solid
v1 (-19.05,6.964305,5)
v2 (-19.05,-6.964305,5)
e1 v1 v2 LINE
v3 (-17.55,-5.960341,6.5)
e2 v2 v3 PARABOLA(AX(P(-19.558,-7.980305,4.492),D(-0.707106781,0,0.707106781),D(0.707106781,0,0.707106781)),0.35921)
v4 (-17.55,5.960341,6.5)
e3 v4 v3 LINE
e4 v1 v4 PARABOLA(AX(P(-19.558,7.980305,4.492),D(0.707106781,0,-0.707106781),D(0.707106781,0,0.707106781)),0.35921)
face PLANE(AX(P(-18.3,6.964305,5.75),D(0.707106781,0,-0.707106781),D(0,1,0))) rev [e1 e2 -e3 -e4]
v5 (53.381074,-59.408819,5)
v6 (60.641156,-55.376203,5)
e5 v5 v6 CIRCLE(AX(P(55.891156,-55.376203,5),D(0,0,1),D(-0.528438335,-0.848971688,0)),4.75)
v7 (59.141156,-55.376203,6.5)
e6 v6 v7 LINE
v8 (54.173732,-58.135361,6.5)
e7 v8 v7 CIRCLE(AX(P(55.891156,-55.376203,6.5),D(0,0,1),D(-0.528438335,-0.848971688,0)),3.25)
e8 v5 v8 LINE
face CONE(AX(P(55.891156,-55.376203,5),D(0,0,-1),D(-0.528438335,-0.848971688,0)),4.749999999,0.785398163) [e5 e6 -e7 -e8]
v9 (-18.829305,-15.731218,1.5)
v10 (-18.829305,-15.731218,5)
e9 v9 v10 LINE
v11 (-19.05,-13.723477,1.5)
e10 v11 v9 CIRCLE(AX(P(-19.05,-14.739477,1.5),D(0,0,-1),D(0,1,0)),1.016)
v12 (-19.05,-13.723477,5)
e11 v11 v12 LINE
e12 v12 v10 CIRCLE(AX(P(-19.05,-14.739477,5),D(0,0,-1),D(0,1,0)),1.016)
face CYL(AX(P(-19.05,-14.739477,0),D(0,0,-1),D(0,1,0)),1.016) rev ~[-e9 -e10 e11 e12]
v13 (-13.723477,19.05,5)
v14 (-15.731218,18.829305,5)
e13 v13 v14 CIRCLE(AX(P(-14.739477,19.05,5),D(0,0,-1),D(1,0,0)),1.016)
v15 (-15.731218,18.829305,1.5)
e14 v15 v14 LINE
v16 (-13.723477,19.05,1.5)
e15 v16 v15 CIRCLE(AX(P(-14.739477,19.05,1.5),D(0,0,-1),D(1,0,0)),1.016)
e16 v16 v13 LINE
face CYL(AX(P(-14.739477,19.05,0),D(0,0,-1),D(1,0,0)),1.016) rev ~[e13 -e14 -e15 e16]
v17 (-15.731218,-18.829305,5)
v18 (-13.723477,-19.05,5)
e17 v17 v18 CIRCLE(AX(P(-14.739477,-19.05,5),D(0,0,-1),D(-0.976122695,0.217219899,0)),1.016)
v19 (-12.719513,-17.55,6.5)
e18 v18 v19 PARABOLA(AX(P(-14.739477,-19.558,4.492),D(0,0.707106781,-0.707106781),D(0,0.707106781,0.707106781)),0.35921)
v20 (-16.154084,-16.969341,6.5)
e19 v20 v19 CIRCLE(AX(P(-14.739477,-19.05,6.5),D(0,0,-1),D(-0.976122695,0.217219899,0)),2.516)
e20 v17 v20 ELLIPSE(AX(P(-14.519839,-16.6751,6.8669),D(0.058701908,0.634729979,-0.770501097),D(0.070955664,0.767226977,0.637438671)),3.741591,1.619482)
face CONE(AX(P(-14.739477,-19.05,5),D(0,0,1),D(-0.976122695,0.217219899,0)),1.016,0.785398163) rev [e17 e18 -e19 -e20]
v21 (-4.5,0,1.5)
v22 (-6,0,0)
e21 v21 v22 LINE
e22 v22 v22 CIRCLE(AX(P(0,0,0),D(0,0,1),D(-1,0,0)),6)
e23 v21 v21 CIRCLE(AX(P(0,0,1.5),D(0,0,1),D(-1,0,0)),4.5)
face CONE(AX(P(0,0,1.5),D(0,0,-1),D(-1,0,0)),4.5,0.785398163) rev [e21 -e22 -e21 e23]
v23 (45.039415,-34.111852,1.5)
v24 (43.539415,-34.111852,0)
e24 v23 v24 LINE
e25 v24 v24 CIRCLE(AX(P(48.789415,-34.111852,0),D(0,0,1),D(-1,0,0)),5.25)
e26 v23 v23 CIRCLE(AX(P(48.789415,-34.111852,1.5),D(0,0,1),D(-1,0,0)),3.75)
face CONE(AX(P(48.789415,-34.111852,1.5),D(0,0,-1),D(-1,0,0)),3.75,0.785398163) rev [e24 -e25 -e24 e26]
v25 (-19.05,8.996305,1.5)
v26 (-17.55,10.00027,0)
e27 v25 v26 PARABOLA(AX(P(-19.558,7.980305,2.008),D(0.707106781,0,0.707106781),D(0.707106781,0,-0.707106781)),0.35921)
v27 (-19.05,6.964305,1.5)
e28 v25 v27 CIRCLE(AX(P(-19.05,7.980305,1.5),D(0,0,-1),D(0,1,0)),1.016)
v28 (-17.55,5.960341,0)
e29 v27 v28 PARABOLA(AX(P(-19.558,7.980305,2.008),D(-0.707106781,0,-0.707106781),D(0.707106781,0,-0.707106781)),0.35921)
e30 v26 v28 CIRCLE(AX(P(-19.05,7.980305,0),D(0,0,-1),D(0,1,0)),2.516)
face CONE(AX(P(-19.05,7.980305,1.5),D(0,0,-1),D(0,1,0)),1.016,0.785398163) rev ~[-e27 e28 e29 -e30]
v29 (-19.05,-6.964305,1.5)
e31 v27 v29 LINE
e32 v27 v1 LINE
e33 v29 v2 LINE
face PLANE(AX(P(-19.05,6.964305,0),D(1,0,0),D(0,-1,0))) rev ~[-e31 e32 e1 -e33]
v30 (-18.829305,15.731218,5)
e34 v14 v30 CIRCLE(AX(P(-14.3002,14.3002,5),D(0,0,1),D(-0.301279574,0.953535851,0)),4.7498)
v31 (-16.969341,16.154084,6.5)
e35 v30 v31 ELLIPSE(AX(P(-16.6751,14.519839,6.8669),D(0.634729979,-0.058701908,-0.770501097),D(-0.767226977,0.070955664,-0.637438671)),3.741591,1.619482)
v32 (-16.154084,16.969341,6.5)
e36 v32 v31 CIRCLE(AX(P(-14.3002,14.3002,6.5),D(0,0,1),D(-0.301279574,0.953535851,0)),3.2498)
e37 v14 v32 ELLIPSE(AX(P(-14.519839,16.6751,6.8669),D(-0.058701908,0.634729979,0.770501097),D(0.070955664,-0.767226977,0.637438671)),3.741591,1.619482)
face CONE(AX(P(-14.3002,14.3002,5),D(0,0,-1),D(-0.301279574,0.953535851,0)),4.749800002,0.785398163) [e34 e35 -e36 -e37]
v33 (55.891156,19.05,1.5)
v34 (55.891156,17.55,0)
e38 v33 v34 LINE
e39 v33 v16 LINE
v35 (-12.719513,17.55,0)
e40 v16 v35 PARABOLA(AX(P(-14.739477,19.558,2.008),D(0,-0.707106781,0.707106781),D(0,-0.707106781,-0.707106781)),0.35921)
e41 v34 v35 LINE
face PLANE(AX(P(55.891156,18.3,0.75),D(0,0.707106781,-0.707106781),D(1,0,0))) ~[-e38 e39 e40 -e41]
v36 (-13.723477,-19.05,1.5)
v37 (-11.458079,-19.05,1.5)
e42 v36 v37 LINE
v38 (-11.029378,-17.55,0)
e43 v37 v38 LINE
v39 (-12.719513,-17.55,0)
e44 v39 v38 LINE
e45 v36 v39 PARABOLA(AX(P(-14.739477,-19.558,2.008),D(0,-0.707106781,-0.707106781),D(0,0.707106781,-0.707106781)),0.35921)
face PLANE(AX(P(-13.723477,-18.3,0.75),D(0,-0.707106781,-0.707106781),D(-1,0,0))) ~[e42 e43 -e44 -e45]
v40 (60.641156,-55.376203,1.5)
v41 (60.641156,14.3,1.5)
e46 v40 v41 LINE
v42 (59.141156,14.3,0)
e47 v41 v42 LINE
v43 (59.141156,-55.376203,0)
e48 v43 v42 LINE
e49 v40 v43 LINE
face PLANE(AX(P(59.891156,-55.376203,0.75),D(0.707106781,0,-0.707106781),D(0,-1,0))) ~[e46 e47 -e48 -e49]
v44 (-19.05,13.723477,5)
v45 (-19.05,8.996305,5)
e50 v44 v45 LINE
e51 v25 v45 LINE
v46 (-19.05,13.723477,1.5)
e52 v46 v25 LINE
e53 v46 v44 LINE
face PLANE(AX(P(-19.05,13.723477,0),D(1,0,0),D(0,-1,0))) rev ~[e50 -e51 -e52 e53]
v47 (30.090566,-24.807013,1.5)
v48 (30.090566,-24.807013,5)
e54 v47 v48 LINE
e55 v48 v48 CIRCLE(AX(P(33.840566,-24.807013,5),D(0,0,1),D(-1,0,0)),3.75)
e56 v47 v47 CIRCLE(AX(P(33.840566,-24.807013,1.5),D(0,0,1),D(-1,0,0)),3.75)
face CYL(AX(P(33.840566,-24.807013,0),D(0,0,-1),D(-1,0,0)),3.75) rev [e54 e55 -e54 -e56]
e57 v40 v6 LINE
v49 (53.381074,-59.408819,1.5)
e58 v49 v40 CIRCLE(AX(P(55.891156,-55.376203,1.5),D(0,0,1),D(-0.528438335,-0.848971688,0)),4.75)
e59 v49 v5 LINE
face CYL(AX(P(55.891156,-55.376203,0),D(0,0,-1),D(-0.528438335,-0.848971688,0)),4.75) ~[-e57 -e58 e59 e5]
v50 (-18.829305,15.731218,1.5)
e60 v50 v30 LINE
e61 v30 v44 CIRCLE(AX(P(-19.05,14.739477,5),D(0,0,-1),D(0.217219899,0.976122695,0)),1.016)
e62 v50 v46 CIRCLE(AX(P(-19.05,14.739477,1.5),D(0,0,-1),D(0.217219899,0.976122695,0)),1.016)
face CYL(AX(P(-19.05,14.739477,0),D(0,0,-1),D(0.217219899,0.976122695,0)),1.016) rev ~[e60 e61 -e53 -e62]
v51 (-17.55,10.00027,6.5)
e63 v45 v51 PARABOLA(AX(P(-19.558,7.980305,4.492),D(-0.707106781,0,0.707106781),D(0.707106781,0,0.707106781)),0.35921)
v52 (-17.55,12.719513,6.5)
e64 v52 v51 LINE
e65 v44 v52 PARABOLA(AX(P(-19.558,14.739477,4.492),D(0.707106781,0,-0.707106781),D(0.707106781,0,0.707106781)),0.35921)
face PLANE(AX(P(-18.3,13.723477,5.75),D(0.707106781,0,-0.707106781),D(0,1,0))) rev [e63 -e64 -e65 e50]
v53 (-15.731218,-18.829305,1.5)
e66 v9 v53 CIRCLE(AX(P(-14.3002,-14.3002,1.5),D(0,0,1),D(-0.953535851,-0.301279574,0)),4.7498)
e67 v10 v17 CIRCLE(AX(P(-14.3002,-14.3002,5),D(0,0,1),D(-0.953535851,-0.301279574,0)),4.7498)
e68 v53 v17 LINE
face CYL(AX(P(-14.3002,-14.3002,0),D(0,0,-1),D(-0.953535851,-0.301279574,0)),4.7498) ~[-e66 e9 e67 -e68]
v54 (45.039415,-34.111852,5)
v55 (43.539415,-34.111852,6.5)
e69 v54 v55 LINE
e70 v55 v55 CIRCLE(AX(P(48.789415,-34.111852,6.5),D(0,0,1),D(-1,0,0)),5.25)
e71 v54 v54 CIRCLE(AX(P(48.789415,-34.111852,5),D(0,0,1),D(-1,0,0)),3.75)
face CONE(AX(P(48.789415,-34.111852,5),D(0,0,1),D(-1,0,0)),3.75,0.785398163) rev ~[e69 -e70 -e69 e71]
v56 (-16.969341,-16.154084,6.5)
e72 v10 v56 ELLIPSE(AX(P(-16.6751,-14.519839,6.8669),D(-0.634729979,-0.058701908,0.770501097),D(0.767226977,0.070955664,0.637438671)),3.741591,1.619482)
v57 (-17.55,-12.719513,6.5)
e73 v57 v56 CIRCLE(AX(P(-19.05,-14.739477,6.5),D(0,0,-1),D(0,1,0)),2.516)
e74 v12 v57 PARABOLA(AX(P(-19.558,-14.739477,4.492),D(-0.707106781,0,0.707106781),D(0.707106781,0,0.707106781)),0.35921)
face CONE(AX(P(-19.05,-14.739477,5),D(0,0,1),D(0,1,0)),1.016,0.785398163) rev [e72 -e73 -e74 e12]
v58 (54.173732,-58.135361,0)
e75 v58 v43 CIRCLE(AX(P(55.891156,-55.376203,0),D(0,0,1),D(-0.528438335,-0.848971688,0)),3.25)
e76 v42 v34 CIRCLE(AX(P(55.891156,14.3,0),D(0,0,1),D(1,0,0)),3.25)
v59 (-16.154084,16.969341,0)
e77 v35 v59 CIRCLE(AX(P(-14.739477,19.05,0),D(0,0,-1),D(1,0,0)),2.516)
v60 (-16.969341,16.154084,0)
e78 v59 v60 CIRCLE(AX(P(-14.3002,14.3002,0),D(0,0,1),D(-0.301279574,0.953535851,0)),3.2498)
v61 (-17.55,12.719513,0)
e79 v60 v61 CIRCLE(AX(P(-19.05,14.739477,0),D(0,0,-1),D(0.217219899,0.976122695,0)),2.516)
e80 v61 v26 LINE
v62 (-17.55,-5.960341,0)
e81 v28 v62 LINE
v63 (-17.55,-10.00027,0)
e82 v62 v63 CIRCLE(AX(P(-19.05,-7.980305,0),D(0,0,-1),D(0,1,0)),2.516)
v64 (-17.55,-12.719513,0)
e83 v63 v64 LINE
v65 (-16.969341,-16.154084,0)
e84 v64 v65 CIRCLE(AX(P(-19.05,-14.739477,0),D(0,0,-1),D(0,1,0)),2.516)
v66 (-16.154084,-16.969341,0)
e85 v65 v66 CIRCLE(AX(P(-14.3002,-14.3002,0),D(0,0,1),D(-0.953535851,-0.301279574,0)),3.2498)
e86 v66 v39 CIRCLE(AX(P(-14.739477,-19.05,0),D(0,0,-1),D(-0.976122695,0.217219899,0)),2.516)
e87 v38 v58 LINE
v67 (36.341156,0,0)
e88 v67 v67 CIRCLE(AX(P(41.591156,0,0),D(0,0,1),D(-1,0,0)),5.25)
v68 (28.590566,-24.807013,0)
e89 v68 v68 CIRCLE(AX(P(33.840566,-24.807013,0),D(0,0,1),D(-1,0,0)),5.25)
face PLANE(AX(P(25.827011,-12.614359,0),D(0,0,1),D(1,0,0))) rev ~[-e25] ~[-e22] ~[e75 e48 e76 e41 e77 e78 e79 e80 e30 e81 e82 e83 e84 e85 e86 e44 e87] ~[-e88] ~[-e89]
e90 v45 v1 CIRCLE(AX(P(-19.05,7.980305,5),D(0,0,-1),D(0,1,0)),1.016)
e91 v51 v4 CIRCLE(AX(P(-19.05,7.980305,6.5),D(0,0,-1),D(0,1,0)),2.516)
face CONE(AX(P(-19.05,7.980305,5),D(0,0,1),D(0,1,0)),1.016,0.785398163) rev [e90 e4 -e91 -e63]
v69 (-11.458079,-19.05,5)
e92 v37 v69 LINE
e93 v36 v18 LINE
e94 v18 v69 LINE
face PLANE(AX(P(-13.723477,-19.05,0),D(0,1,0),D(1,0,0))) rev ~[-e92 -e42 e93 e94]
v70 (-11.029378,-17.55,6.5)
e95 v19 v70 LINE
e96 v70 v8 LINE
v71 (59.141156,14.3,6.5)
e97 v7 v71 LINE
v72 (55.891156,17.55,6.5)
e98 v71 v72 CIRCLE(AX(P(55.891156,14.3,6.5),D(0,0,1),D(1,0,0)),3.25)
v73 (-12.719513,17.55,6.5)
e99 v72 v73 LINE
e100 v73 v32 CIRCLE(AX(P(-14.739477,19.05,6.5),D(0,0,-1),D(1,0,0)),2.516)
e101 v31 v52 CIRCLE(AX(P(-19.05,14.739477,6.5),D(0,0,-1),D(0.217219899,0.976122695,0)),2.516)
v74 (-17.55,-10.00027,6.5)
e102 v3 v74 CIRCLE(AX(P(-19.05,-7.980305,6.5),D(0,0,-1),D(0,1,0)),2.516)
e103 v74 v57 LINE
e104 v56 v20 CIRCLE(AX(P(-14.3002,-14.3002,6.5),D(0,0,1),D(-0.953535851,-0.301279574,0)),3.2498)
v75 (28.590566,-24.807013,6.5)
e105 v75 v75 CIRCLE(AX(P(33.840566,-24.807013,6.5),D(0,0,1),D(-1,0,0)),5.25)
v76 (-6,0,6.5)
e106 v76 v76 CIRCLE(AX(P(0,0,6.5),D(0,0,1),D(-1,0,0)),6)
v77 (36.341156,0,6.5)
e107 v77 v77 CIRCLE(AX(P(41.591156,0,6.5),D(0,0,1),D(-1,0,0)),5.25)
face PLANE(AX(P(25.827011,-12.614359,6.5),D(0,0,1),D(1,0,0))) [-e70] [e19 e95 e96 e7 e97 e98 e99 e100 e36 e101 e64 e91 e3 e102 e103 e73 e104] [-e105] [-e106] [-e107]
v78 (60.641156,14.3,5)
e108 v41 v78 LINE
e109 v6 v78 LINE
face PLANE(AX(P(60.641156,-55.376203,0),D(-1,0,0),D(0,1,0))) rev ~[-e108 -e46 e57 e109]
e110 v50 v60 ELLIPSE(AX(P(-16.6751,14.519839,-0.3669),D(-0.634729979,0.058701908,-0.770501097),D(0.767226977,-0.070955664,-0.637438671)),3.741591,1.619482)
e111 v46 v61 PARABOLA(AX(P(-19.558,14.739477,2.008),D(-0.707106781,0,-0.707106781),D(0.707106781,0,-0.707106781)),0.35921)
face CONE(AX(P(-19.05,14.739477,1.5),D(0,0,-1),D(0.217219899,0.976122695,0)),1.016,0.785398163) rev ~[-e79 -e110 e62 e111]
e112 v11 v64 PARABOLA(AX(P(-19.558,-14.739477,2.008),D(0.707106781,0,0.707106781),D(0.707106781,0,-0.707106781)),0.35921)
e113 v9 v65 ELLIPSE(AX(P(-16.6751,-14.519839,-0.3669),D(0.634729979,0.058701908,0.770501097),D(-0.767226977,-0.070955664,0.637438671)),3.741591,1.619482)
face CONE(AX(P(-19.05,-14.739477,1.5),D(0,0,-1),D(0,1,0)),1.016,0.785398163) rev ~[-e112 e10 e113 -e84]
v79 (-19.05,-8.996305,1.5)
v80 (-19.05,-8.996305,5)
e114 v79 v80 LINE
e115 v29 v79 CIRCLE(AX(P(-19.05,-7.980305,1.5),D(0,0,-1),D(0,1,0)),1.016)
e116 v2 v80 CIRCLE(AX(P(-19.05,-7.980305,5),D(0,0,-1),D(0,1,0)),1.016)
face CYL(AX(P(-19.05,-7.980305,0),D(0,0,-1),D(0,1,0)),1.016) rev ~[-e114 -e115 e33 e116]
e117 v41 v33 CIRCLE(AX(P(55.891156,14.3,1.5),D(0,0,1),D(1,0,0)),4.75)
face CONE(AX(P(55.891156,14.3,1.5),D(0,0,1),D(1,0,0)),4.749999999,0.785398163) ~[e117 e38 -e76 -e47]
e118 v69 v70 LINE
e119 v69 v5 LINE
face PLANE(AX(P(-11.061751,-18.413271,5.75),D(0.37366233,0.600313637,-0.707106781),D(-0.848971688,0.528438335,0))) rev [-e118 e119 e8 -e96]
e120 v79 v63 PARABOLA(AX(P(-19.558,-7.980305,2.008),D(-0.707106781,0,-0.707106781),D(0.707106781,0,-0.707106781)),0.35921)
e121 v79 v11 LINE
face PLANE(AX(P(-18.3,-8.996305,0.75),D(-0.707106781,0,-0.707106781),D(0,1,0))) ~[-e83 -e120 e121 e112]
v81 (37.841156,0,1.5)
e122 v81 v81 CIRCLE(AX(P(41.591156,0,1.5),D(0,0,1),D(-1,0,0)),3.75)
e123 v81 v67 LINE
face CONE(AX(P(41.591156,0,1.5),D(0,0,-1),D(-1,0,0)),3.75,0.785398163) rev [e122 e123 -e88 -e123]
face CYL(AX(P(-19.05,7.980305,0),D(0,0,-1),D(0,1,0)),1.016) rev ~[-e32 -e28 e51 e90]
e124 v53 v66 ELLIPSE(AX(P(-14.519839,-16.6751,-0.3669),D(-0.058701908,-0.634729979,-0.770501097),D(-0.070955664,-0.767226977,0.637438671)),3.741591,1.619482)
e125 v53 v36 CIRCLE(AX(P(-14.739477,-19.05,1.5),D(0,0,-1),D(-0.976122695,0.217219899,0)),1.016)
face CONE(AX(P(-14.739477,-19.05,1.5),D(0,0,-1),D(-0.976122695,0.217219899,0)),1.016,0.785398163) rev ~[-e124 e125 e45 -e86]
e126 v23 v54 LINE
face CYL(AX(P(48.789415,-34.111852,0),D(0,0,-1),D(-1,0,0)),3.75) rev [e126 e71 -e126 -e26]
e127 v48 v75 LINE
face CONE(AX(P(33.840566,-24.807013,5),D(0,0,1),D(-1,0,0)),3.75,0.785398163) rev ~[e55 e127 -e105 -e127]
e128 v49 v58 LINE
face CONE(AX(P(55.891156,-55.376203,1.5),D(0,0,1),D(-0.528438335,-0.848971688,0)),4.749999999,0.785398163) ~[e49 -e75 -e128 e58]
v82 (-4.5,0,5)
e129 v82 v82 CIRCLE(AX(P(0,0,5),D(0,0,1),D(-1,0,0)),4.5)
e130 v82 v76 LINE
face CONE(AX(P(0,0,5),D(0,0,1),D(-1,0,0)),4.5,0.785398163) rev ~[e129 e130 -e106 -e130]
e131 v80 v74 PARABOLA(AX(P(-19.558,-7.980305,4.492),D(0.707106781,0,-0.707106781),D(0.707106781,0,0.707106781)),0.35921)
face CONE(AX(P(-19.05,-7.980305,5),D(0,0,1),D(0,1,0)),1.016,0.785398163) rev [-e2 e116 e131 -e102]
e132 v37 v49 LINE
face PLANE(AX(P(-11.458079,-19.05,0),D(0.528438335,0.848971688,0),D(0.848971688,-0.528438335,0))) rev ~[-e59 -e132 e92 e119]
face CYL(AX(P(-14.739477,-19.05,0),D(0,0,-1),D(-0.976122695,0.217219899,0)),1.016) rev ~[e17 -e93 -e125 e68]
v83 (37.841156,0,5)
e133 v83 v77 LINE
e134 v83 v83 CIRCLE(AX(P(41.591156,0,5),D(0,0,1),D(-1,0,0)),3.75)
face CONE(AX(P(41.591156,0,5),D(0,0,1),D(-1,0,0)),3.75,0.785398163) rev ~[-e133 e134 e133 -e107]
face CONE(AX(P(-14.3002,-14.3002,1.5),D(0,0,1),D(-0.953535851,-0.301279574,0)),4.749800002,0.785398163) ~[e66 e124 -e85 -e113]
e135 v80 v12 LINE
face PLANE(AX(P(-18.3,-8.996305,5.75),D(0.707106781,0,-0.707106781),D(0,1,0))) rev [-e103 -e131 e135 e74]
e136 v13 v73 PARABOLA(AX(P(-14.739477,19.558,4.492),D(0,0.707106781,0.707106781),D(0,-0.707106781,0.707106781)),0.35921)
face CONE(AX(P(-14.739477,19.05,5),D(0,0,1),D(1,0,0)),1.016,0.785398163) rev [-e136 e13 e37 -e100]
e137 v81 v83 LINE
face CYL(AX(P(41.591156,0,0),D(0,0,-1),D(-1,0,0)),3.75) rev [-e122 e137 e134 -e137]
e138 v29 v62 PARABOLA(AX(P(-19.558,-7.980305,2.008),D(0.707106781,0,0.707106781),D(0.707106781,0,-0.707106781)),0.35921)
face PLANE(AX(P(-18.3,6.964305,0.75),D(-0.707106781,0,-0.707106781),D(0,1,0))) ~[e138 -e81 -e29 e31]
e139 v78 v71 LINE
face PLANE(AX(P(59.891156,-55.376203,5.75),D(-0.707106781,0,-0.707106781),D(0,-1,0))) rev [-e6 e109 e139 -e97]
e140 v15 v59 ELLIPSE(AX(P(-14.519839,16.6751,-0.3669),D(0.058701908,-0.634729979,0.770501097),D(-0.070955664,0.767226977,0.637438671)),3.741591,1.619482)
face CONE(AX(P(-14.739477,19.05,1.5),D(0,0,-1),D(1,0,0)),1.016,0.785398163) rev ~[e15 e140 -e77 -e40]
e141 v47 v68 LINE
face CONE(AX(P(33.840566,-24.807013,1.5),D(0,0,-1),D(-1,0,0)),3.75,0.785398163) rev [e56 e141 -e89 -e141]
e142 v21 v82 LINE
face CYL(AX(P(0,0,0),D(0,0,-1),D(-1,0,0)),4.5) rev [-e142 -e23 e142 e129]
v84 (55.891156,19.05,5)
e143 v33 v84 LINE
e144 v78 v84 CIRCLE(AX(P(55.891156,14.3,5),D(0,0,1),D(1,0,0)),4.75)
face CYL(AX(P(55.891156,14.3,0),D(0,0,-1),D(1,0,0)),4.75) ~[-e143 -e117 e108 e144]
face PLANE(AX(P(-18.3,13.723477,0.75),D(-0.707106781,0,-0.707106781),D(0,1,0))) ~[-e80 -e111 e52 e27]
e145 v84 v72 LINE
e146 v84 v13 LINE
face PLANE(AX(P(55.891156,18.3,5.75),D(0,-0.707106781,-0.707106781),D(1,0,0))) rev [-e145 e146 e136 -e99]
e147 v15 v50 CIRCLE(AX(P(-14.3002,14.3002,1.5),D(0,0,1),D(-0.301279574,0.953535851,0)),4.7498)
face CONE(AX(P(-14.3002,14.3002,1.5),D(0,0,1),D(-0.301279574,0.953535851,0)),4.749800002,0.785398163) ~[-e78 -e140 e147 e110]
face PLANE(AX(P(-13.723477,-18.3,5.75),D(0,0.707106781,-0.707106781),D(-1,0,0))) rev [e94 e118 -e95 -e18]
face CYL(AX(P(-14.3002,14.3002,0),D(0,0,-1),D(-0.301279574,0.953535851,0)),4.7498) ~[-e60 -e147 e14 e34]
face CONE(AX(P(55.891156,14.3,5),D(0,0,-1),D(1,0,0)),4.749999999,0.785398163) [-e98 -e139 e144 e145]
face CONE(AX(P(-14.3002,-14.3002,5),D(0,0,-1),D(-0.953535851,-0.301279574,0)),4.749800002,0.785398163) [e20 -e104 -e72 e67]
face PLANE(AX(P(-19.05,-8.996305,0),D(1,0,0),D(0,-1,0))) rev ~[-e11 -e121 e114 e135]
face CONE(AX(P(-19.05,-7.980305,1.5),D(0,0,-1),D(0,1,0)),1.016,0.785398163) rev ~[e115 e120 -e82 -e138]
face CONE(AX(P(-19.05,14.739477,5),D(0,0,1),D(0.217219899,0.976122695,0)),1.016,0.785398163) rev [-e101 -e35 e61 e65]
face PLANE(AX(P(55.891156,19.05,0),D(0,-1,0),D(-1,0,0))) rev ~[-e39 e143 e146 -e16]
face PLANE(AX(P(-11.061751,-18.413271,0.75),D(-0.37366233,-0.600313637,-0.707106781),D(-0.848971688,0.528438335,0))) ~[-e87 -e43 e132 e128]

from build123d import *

# Parameters (mm, degrees)
SKETCH1_R           = 3.75
SKETCH1_R_2         = 4.5
BOSS_EXTRUDE1_DEPTH = 6.5
CHAMFER1_SIZE       = 1.5


with BuildPart() as part:
    # Sketch1 → Boss-Extrude1 (new body)
    with BuildSketch(Plane.XY):
        with BuildLine():
            Line((-11.458079381, -19.05), (53.381074139, -59.408818568))
            ThreePointArc((53.381074139, -59.408818568), (58.197626483, -59.528635467), (60.641156228, -55.376203052))
            Line((60.641156228, -55.376203052), (60.641156228, 14.3))
            ThreePointArc((60.641156228, 14.3), (59.249913439, 17.658757211), (55.891156228, 19.05))
            Line((55.891156228, 19.05), (-13.723477062, 19.05))
            ThreePointArc((-13.723477062, 19.05), (-14.628464695, 18.040083046), (-15.73121772, 18.829304583))
            ThreePointArc((-15.73121772, 18.829304583), (-17.658815789, 17.658815789), (-18.829304583, 15.73121772))
            ThreePointArc((-18.829304583, 15.73121772), (-18.040083046, 14.628464695), (-19.05, 13.723477062))
            Line((-19.05, 13.723477062), (-19.05, 8.996305235))
            ThreePointArc((-19.05, 8.996305235), (-18.034, 7.980305235), (-19.05, 6.964305235))
            Line((-19.05, 6.964305235), (-19.05, -6.964305235))
            ThreePointArc((-19.05, -6.964305235), (-18.034, -7.980305235), (-19.05, -8.996305235))
            Line((-19.05, -8.996305235), (-19.05, -13.723477062))
            ThreePointArc((-19.05, -13.723477062), (-18.040083046, -14.628464695), (-18.829304583, -15.73121772))
            ThreePointArc((-18.829304583, -15.73121772), (-17.658815789, -17.658815789), (-15.73121772, -18.829304583))
            ThreePointArc((-15.73121772, -18.829304583), (-14.628464695, -18.040083046), (-13.723477062, -19.05))
            Line((-13.723477062, -19.05), (-11.458079381, -19.05))
        make_face()
        with Locations(Location((48.789415314, -34.11185183, 0), (0, 0, 180))):
            Circle(SKETCH1_R, mode=Mode.SUBTRACT)
        with Locations(Location((33.840565899, -24.807012569, 0), (0, 0, 180))):
            Circle(SKETCH1_R, mode=Mode.SUBTRACT)
        with Locations(Location((41.591156228, 0, 0), (0, 0, 180))):
            Circle(SKETCH1_R, mode=Mode.SUBTRACT)
        with Locations(Location((0, 0, 0), (0, 0, 180))):
            Circle(SKETCH1_R_2, mode=Mode.SUBTRACT)
    extrude(amount=BOSS_EXTRUDE1_DEPTH)

    # Chamfer1
    chamfer1_edges = [part.edges().sort_by_distance(p)[0] for p in [
        (-14.628464695, -18.040083046, 6.5),
        (4.5, 0, 6.5),
        (45.341156228, 0, 6.5),
        (37.590565899, -24.807012569, 6.5),
        (52.539415314, -34.11185183, 6.5),
        (-12.590778221, -19.05, 6.5),
        (20.961497379, -39.229409284, 6.5),
        (52.539415314, -34.11185183, 0),
        (37.590565899, -24.807012569, 0),
        (58.197626483, -59.528635467, 6.5),
        (45.341156228, 0, 0),
        (4.5, 0, 0),
        (-17.658815789, -17.658815789, 0),
        (-18.040083046, -14.628464695, 0),
        (-19.05, -11.359891149, 0),
        (-18.034, -7.980305235, 0),
        (-19.05, 0, 0),
        (-18.034, 7.980305235, 0),
        (-19.05, 11.359891149, 0),
        (-18.040083046, 14.628464695, 0),
        (60.641156228, -20.538101526, 6.5),
        (-17.658815789, 17.658815789, 0),
        (-14.628464695, 18.040083046, 0),
        (21.083839583, 19.05, 0),
        (59.249913439, 17.658757211, 0),
        (60.641156228, -20.538101526, 0),
        (58.197626483, -59.528635467, 0),
        (20.961497379, -39.229409284, 0),
        (-12.590778221, -19.05, 0),
        (-14.628464695, -18.040083046, 0),
        (59.249913439, 17.658757211, 6.5),
        (21.083839583, 19.05, 6.5),
        (-14.628464695, 18.040083046, 6.5),
        (-17.658815789, 17.658815789, 6.5),
        (-18.040083046, 14.628464695, 6.5),
        (-19.05, 11.359891149, 6.5),
        (-18.034, 7.980305235, 6.5),
        (-19.05, 0, 6.5),
        (-18.034, -7.980305235, 6.5),
        (-19.05, -11.359891149, 6.5),
        (-18.040083046, -14.628464695, 6.5),
        (-17.658815789, -17.658815789, 6.5),
    ]]
    chamfer(chamfer1_edges, length=CHAMFER1_SIZE)


solid = part.part
